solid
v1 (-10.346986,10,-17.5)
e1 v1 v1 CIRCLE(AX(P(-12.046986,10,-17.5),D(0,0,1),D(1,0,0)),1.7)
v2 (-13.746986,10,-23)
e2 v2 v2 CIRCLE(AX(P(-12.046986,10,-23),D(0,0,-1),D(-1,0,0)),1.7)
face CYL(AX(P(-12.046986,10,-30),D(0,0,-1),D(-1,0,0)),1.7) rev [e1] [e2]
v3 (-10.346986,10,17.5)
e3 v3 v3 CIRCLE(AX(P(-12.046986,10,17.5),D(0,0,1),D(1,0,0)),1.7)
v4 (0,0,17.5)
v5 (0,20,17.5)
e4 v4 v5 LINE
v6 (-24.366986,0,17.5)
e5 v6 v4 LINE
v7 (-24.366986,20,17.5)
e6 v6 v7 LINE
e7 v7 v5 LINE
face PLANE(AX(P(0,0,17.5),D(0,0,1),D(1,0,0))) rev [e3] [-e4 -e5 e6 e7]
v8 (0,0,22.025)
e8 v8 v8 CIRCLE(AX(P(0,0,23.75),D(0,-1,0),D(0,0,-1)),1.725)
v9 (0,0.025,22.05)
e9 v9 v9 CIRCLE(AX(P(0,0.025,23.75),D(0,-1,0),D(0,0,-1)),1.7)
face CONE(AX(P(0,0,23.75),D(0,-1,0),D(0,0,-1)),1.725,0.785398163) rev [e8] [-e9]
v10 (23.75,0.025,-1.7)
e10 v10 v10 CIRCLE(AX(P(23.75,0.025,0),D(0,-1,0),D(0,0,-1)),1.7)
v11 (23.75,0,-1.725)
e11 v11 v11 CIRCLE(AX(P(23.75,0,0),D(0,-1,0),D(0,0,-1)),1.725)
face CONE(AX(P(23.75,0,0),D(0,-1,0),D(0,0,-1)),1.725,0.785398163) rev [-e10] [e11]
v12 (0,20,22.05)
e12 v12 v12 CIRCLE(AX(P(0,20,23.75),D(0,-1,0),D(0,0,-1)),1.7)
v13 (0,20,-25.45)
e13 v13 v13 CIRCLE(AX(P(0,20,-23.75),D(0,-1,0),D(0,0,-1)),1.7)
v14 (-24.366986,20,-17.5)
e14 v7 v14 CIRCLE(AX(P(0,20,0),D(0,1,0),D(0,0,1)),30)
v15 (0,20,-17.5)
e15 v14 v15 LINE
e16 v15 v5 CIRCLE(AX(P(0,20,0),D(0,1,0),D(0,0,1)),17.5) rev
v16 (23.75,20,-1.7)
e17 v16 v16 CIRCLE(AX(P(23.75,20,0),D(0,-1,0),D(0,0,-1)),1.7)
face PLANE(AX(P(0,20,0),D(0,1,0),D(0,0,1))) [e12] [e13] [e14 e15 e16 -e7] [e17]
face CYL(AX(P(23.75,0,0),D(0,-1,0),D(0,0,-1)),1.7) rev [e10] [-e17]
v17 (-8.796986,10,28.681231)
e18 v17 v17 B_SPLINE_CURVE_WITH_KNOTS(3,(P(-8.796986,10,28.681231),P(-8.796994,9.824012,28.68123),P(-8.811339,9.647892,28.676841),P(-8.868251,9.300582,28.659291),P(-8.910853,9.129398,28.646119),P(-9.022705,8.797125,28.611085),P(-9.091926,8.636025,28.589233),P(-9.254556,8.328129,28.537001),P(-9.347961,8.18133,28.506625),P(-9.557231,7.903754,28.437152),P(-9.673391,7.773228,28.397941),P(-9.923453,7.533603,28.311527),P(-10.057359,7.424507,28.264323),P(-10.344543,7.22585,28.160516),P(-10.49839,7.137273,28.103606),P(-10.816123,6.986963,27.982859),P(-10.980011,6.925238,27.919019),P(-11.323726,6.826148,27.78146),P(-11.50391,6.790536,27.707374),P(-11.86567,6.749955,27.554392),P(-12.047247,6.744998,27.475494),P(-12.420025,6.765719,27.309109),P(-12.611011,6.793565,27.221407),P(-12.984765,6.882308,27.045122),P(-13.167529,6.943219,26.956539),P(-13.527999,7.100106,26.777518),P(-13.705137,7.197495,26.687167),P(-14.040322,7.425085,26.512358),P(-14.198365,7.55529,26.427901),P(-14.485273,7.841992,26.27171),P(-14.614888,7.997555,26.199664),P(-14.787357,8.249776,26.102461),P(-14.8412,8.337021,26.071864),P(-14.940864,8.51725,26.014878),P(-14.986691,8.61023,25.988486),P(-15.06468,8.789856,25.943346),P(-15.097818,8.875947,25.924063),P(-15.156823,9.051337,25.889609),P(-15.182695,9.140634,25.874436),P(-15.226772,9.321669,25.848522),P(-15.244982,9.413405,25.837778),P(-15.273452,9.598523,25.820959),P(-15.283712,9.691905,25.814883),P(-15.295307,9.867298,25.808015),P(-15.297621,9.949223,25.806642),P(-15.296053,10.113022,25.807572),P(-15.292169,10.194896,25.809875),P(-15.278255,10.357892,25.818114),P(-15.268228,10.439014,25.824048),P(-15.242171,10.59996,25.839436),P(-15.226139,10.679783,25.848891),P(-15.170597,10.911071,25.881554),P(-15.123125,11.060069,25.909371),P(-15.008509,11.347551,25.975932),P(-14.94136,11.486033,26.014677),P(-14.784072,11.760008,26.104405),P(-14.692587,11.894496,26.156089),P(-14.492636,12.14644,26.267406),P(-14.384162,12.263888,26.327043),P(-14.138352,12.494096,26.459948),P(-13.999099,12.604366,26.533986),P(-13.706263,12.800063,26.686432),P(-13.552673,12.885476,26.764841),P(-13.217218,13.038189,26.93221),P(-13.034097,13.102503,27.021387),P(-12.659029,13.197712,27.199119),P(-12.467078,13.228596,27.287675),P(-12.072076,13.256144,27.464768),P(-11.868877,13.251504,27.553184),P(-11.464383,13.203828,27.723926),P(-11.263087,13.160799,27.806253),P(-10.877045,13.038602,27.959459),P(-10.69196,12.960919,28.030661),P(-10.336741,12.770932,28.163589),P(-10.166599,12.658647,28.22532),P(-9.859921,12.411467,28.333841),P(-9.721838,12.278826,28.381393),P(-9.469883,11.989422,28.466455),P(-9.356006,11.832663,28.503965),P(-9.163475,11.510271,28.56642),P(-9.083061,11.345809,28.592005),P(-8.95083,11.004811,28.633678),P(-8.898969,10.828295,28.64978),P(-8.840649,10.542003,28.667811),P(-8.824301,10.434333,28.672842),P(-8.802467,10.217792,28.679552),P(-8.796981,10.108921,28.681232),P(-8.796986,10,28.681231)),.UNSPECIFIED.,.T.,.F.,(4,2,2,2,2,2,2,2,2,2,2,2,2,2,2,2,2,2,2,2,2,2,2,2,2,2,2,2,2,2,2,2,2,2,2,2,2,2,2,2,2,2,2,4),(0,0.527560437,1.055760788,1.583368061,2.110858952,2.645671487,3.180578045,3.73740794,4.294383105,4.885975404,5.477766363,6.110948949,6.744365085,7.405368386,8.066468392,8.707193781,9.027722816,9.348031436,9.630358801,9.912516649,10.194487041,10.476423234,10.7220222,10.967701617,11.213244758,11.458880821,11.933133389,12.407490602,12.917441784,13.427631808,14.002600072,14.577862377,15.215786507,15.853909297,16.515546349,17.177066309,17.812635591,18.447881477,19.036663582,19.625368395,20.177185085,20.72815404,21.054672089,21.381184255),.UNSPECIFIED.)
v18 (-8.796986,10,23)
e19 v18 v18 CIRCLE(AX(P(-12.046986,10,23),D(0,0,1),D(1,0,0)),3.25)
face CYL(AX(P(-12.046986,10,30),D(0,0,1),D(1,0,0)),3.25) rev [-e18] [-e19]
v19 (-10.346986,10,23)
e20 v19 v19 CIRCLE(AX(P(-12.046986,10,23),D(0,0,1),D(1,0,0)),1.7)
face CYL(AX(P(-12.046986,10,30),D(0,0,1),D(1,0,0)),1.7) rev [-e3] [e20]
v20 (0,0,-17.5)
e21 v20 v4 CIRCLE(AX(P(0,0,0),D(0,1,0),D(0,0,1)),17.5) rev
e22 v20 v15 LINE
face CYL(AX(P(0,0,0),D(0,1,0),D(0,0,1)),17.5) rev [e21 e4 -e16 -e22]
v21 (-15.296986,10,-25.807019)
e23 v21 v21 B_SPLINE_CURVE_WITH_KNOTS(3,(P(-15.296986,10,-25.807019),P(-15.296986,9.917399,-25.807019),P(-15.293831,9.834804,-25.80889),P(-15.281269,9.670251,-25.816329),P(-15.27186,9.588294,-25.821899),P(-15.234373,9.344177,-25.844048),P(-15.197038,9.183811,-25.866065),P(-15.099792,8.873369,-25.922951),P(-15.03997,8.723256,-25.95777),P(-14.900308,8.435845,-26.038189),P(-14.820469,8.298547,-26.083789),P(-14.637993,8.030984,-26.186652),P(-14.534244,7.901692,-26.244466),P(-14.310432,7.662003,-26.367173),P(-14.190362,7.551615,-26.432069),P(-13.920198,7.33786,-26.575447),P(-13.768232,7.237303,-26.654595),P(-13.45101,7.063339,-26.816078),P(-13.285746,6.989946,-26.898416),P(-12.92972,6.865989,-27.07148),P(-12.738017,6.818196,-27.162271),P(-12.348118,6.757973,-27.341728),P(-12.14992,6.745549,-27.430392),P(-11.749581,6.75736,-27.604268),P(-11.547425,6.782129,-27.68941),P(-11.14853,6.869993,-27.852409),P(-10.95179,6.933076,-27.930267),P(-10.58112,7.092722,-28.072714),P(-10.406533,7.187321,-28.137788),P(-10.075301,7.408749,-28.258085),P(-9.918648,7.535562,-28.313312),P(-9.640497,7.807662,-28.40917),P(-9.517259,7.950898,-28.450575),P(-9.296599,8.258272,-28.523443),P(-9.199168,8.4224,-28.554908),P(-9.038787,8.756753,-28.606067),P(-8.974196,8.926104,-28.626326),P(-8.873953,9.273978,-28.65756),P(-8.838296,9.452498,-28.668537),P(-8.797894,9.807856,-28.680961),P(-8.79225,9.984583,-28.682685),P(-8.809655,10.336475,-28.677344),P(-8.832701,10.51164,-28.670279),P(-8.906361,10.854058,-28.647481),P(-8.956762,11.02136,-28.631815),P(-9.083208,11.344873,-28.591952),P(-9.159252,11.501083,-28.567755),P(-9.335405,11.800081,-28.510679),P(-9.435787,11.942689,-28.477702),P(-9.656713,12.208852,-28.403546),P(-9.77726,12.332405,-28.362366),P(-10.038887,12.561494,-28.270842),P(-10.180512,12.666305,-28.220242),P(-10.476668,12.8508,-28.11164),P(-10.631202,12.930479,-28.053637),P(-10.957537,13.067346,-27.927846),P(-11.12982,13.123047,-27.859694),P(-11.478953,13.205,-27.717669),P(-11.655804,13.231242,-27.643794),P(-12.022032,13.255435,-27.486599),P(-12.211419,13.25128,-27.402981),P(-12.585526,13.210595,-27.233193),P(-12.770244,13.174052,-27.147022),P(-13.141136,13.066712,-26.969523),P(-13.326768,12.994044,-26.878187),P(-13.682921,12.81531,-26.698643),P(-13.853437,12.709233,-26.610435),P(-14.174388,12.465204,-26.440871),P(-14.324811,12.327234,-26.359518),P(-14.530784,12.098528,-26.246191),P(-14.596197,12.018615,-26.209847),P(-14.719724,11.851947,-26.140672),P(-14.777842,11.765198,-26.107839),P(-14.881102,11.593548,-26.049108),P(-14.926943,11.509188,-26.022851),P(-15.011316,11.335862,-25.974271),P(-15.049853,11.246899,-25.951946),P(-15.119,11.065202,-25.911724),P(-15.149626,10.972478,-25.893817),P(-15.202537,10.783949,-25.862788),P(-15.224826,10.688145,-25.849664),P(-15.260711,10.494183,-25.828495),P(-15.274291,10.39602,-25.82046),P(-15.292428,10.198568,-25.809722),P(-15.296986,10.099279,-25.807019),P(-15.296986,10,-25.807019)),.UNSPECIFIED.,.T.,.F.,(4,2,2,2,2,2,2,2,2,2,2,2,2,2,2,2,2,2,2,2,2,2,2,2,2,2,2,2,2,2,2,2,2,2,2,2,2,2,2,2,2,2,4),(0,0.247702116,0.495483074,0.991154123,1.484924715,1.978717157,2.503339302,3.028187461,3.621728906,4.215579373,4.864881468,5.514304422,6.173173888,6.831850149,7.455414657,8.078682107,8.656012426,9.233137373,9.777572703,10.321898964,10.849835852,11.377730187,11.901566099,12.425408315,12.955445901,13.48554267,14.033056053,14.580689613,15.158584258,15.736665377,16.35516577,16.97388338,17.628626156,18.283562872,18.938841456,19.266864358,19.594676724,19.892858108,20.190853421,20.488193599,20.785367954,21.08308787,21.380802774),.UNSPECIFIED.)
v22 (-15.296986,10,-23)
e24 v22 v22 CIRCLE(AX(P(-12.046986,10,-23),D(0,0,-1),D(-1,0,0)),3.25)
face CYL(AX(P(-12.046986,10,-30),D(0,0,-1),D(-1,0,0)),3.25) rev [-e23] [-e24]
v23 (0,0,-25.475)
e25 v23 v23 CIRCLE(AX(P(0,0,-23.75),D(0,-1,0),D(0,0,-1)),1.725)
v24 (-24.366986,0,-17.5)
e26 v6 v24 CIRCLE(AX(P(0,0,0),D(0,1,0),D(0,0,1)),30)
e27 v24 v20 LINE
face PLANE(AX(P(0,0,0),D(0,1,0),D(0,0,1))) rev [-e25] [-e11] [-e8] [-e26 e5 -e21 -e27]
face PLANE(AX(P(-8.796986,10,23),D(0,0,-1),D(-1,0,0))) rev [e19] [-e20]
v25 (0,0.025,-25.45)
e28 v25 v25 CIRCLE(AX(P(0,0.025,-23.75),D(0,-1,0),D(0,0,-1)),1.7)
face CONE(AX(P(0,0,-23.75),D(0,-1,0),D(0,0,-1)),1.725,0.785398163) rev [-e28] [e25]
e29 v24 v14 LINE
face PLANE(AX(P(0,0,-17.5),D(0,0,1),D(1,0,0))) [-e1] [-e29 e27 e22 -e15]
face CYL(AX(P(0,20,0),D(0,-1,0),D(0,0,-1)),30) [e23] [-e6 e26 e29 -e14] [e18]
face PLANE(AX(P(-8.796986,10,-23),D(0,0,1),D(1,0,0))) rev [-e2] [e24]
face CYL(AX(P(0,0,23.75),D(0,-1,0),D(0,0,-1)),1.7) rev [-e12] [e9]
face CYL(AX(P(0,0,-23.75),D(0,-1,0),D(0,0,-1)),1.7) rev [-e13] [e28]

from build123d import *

# Parameters (mm, degrees)
SKETCH2_R                      = 30
BOSS_EXTRUDE1_DEPTH            = 20
CUT_EXTRUDE2_DEPTH             = 47.904157598
M3_CLEARANCE_HOLE1_D           = 3.4
M3_CLEARANCE_HOLE1_CSINK_D     = 3.45
M3_CLEARANCE_HOLE1_CSINK_ANGLE = 90
CUT_EXTRUDE3_DEPTH             = 47.904157598


with BuildPart() as part:
    # Sketch2 → Boss-Extrude1 (new body)
    with BuildSketch(Plane(origin=(0, 0, 0), x_dir=(1, 0, 0), z_dir=(0, 1, 0))):
        with Locations(Location((0, 0, 0), (0, 0, 270))):
            Circle(SKETCH2_R)
    extrude(amount=BOSS_EXTRUDE1_DEPTH)

    # Sketch3 → Cut-Extrude2 (cut, through all)
    with BuildSketch(Plane(origin=(0, 20, 0), x_dir=(1, 0, 0), z_dir=(0, 1, 0))):
        with BuildLine():
            ThreePointArc((0, -17.5), (17.5, 0), (0, 17.5))
            Line((0, 17.5), (-2, 17.5))
            Line((-2, 17.5), (-2, 9.06190379))
            Line((-2, 9.06190379), (-2, 6.812488532))
            ThreePointArc((-2, 6.812488532), (-7.1, 0), (-2, -6.812488532))
            Line((-2, -6.812488532), (-2, -9.06190379))
            Line((-2, -9.06190379), (-2, -17.5))
            Line((-2, -17.5), (0, -17.5))
        make_face()
    extrude(amount=-CUT_EXTRUDE2_DEPTH, mode=Mode.SUBTRACT)

    # M3 Clearance Hole1 (through all)
    with Locations(Plane(origin=(0, 0, 0), x_dir=(-1, 0, 0), z_dir=(0, -1, 0))):
        with Locations((0, 23.75), (-23.75, 0), (0, -23.75)):
            CounterSinkHole(M3_CLEARANCE_HOLE1_D / 2, M3_CLEARANCE_HOLE1_CSINK_D / 2, counter_sink_angle=M3_CLEARANCE_HOLE1_CSINK_ANGLE)

    # Sketch6 → Cut-Extrude3 (cut, through all)
    with BuildSketch(Plane(origin=(0, 20, 0), x_dir=(1, 0, 0), z_dir=(0, 1, 0))):
        with BuildLine():
            Line((-24.366985862, 17.5), (-2, 17.5))
            Line((-2, 17.5), (-2, -17.5))
            Line((-2, -17.5), (-24.366985862, -17.5))
            ThreePointArc((-24.366985862, -17.5), (-30, 0), (-24.366985862, 17.5))
        make_face()
    extrude(amount=-CUT_EXTRUDE3_DEPTH, mode=Mode.SUBTRACT)

    # Sketch8 → CBORE for M3 SHCS1 (revolve, cut)
    with BuildSketch(Plane(origin=(-12.046985862, 10, 30), x_dir=(0, -1, 0), z_dir=(1, 0, 0))):
        Polygon((0, 0), (0, 12.5), (1.7, 12.5), (1.7, 7), (3.25, 7), (3.25, 0.025), (3.275, 0), align=None)
    cbore_for_m3_shcs1 = revolve(axis=Axis((-12.046985862, 10, 36.35), (0, 0, -1)), mode=Mode.SUBTRACT)

    # Mirror1: CBORE for M3 SHCS1 across plane
    add(cbore_for_m3_shcs1.mirror(Plane.XY), mode=Mode.SUBTRACT)


solid = part.part
